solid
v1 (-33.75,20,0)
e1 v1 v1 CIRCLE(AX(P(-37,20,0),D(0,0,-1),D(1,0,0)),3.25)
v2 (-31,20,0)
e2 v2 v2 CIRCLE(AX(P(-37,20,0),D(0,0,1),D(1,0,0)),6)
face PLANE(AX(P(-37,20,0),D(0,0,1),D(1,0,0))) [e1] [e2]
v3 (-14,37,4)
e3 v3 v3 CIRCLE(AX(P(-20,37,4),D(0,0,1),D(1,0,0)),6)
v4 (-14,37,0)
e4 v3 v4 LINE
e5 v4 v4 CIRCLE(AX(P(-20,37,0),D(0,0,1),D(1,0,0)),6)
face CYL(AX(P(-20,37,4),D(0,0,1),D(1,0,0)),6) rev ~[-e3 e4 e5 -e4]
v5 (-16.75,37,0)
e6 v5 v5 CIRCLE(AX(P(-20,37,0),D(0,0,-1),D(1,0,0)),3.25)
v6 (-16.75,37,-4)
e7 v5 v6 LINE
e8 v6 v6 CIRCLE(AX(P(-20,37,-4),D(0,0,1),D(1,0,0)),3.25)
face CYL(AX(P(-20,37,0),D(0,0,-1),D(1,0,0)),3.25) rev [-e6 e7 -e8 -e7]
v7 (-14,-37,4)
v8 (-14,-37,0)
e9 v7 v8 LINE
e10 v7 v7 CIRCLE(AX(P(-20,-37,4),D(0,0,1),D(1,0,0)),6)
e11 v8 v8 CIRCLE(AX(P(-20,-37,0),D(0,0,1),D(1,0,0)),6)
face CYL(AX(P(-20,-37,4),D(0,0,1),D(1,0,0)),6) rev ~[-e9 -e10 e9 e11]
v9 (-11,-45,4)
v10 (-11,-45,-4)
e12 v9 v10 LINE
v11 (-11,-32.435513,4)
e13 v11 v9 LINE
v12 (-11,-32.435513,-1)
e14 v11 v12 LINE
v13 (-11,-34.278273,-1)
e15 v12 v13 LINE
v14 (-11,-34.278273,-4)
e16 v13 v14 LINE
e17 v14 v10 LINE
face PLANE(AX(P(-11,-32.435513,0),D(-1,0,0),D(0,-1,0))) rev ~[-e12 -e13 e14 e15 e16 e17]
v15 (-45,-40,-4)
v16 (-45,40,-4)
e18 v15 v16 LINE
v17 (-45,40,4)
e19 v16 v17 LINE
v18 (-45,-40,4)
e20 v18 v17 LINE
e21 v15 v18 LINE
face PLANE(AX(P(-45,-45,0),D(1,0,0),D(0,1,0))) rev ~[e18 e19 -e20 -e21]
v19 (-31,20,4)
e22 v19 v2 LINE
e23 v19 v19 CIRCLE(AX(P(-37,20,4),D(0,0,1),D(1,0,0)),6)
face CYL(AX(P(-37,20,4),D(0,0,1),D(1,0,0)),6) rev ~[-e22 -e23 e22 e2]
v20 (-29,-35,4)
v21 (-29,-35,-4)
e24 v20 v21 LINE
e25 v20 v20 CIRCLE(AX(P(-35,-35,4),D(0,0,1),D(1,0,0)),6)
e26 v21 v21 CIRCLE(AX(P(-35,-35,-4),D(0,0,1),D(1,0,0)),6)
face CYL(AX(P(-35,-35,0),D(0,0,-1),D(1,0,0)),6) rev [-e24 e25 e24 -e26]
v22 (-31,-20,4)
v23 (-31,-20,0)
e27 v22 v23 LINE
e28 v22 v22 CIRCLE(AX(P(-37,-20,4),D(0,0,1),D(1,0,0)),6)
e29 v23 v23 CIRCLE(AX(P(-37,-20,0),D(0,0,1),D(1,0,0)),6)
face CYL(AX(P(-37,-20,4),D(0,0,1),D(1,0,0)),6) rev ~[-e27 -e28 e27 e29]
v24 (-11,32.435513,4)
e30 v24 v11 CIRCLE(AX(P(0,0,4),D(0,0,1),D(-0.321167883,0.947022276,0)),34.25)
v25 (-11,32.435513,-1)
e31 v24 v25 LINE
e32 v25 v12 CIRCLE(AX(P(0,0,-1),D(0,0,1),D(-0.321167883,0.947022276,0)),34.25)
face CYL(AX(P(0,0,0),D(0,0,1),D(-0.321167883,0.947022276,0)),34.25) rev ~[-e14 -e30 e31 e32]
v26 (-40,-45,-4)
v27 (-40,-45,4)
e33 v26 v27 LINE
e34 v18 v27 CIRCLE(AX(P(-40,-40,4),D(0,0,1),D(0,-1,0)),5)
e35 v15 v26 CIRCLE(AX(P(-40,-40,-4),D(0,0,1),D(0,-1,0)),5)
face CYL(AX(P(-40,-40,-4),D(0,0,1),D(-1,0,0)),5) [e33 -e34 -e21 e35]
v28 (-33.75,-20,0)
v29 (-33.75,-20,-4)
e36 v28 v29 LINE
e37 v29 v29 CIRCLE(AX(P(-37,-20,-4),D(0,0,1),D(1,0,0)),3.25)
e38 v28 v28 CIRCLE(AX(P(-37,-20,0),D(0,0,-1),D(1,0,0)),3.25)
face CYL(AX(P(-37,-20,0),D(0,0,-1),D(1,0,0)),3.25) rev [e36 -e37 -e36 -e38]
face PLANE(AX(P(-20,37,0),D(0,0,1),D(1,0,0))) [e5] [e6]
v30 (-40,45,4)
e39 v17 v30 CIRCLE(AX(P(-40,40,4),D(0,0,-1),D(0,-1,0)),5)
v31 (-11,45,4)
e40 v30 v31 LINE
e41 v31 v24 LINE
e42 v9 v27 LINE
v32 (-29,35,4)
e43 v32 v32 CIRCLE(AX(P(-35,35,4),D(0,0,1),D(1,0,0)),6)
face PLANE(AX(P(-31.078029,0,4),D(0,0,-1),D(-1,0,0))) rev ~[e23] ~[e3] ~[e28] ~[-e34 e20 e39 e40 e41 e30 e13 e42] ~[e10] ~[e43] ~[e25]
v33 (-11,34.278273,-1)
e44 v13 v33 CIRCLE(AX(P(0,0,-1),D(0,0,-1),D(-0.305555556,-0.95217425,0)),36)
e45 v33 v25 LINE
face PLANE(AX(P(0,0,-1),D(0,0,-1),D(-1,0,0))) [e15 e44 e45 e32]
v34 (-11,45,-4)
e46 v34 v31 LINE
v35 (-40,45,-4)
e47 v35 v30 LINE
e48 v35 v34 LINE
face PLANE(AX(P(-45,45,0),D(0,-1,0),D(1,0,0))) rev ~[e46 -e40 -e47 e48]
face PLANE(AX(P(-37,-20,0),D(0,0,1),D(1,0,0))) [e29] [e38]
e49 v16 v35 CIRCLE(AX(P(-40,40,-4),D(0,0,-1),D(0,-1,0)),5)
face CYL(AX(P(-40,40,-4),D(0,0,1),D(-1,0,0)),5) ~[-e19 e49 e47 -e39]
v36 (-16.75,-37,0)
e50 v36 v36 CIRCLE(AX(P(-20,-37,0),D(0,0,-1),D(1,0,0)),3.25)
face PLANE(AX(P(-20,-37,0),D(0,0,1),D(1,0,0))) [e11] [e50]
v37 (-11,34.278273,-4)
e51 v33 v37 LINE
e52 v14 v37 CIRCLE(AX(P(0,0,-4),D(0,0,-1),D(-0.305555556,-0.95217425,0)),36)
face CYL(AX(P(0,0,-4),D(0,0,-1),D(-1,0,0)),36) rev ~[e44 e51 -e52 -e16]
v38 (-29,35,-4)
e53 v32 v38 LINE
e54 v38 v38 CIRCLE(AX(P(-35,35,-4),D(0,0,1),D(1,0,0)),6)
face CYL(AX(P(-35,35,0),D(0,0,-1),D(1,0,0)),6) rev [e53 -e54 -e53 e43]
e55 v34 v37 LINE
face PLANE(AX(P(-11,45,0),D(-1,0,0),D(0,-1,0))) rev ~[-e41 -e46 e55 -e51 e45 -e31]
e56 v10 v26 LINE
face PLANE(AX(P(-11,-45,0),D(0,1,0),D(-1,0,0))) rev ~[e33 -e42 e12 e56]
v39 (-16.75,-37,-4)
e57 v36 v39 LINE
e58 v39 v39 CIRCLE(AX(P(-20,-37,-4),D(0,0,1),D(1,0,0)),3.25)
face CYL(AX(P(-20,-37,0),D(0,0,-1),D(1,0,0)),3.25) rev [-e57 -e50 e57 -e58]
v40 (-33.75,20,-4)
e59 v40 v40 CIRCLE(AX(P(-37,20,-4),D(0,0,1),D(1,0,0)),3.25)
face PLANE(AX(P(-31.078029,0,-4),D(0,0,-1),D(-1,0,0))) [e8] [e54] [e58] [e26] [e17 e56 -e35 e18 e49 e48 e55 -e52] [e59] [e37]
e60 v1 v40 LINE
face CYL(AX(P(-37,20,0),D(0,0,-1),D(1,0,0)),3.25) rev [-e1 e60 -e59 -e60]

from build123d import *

# Parameters (mm, degrees)
SKETCH1_R           = 6
SKETCH1_R_2         = 3.25
BOSS_EXTRUDE1_DEPTH = 4
SKETCH2_R           = 36
CUT_EXTRUDE1_DEPTH  = 3
FILLET1_R           = 5
SKETCH3_R           = 6
CUT_EXTRUDE2_DEPTH  = 4


with BuildPart() as part:
    # Sketch1 → Boss-Extrude1 (new body, symmetric)
    with BuildSketch(Plane.XY):
        with BuildLine():
            Line((-11, 45), (-11, 32.435512945))
            ThreePointArc((-11, 32.435512945), (-34.25, 0), (-11, -32.435512945))
            Line((-11, -32.435512945), (-11, -45))
            Line((-11, -45), (-45, -45))
            Line((-45, -45), (-45, 45))
            Line((-45, 45), (-11, 45))
        make_face()
        with Locations((-35, 35)):
            Circle(SKETCH1_R, mode=Mode.SUBTRACT)
        with Locations((-35, -35)):
            Circle(SKETCH1_R, mode=Mode.SUBTRACT)
        with Locations((-37, 20)):
            Circle(SKETCH1_R_2, mode=Mode.SUBTRACT)
        with Locations((-37, -20)):
            Circle(SKETCH1_R_2, mode=Mode.SUBTRACT)
        with Locations((-20, 37)):
            Circle(SKETCH1_R_2, mode=Mode.SUBTRACT)
        with Locations((-20, -37)):
            Circle(SKETCH1_R_2, mode=Mode.SUBTRACT)
    extrude(amount=BOSS_EXTRUDE1_DEPTH, both=True)

    # Sketch2 → Cut-Extrude1 (cut)
    with BuildSketch(Plane(origin=(0, 0, -4), x_dir=(-1, 0, 0), z_dir=(0, 0, -1))):
        Circle(SKETCH2_R)
    extrude(amount=-CUT_EXTRUDE1_DEPTH, mode=Mode.SUBTRACT)

    # Fillet1
    fillet1_edges = [part.edges().sort_by_distance(p)[0] for p in [
        (-45, -45, 0),
        (-45, 45, 0),
    ]]
    fillet(fillet1_edges, radius=FILLET1_R)

    # Sketch3 → Cut-Extrude2 (cut)
    with BuildSketch(Plane.XY.offset(4)):
        with Locations((-20, 37)):
            Circle(SKETCH3_R)
        with Locations((-37, 20)):
            Circle(SKETCH3_R)
        with Locations((-37, -20)):
            Circle(SKETCH3_R)
        with Locations((-20, -37)):
            Circle(SKETCH3_R)
    extrude(amount=-CUT_EXTRUDE2_DEPTH, mode=Mode.SUBTRACT)


solid = part.part
